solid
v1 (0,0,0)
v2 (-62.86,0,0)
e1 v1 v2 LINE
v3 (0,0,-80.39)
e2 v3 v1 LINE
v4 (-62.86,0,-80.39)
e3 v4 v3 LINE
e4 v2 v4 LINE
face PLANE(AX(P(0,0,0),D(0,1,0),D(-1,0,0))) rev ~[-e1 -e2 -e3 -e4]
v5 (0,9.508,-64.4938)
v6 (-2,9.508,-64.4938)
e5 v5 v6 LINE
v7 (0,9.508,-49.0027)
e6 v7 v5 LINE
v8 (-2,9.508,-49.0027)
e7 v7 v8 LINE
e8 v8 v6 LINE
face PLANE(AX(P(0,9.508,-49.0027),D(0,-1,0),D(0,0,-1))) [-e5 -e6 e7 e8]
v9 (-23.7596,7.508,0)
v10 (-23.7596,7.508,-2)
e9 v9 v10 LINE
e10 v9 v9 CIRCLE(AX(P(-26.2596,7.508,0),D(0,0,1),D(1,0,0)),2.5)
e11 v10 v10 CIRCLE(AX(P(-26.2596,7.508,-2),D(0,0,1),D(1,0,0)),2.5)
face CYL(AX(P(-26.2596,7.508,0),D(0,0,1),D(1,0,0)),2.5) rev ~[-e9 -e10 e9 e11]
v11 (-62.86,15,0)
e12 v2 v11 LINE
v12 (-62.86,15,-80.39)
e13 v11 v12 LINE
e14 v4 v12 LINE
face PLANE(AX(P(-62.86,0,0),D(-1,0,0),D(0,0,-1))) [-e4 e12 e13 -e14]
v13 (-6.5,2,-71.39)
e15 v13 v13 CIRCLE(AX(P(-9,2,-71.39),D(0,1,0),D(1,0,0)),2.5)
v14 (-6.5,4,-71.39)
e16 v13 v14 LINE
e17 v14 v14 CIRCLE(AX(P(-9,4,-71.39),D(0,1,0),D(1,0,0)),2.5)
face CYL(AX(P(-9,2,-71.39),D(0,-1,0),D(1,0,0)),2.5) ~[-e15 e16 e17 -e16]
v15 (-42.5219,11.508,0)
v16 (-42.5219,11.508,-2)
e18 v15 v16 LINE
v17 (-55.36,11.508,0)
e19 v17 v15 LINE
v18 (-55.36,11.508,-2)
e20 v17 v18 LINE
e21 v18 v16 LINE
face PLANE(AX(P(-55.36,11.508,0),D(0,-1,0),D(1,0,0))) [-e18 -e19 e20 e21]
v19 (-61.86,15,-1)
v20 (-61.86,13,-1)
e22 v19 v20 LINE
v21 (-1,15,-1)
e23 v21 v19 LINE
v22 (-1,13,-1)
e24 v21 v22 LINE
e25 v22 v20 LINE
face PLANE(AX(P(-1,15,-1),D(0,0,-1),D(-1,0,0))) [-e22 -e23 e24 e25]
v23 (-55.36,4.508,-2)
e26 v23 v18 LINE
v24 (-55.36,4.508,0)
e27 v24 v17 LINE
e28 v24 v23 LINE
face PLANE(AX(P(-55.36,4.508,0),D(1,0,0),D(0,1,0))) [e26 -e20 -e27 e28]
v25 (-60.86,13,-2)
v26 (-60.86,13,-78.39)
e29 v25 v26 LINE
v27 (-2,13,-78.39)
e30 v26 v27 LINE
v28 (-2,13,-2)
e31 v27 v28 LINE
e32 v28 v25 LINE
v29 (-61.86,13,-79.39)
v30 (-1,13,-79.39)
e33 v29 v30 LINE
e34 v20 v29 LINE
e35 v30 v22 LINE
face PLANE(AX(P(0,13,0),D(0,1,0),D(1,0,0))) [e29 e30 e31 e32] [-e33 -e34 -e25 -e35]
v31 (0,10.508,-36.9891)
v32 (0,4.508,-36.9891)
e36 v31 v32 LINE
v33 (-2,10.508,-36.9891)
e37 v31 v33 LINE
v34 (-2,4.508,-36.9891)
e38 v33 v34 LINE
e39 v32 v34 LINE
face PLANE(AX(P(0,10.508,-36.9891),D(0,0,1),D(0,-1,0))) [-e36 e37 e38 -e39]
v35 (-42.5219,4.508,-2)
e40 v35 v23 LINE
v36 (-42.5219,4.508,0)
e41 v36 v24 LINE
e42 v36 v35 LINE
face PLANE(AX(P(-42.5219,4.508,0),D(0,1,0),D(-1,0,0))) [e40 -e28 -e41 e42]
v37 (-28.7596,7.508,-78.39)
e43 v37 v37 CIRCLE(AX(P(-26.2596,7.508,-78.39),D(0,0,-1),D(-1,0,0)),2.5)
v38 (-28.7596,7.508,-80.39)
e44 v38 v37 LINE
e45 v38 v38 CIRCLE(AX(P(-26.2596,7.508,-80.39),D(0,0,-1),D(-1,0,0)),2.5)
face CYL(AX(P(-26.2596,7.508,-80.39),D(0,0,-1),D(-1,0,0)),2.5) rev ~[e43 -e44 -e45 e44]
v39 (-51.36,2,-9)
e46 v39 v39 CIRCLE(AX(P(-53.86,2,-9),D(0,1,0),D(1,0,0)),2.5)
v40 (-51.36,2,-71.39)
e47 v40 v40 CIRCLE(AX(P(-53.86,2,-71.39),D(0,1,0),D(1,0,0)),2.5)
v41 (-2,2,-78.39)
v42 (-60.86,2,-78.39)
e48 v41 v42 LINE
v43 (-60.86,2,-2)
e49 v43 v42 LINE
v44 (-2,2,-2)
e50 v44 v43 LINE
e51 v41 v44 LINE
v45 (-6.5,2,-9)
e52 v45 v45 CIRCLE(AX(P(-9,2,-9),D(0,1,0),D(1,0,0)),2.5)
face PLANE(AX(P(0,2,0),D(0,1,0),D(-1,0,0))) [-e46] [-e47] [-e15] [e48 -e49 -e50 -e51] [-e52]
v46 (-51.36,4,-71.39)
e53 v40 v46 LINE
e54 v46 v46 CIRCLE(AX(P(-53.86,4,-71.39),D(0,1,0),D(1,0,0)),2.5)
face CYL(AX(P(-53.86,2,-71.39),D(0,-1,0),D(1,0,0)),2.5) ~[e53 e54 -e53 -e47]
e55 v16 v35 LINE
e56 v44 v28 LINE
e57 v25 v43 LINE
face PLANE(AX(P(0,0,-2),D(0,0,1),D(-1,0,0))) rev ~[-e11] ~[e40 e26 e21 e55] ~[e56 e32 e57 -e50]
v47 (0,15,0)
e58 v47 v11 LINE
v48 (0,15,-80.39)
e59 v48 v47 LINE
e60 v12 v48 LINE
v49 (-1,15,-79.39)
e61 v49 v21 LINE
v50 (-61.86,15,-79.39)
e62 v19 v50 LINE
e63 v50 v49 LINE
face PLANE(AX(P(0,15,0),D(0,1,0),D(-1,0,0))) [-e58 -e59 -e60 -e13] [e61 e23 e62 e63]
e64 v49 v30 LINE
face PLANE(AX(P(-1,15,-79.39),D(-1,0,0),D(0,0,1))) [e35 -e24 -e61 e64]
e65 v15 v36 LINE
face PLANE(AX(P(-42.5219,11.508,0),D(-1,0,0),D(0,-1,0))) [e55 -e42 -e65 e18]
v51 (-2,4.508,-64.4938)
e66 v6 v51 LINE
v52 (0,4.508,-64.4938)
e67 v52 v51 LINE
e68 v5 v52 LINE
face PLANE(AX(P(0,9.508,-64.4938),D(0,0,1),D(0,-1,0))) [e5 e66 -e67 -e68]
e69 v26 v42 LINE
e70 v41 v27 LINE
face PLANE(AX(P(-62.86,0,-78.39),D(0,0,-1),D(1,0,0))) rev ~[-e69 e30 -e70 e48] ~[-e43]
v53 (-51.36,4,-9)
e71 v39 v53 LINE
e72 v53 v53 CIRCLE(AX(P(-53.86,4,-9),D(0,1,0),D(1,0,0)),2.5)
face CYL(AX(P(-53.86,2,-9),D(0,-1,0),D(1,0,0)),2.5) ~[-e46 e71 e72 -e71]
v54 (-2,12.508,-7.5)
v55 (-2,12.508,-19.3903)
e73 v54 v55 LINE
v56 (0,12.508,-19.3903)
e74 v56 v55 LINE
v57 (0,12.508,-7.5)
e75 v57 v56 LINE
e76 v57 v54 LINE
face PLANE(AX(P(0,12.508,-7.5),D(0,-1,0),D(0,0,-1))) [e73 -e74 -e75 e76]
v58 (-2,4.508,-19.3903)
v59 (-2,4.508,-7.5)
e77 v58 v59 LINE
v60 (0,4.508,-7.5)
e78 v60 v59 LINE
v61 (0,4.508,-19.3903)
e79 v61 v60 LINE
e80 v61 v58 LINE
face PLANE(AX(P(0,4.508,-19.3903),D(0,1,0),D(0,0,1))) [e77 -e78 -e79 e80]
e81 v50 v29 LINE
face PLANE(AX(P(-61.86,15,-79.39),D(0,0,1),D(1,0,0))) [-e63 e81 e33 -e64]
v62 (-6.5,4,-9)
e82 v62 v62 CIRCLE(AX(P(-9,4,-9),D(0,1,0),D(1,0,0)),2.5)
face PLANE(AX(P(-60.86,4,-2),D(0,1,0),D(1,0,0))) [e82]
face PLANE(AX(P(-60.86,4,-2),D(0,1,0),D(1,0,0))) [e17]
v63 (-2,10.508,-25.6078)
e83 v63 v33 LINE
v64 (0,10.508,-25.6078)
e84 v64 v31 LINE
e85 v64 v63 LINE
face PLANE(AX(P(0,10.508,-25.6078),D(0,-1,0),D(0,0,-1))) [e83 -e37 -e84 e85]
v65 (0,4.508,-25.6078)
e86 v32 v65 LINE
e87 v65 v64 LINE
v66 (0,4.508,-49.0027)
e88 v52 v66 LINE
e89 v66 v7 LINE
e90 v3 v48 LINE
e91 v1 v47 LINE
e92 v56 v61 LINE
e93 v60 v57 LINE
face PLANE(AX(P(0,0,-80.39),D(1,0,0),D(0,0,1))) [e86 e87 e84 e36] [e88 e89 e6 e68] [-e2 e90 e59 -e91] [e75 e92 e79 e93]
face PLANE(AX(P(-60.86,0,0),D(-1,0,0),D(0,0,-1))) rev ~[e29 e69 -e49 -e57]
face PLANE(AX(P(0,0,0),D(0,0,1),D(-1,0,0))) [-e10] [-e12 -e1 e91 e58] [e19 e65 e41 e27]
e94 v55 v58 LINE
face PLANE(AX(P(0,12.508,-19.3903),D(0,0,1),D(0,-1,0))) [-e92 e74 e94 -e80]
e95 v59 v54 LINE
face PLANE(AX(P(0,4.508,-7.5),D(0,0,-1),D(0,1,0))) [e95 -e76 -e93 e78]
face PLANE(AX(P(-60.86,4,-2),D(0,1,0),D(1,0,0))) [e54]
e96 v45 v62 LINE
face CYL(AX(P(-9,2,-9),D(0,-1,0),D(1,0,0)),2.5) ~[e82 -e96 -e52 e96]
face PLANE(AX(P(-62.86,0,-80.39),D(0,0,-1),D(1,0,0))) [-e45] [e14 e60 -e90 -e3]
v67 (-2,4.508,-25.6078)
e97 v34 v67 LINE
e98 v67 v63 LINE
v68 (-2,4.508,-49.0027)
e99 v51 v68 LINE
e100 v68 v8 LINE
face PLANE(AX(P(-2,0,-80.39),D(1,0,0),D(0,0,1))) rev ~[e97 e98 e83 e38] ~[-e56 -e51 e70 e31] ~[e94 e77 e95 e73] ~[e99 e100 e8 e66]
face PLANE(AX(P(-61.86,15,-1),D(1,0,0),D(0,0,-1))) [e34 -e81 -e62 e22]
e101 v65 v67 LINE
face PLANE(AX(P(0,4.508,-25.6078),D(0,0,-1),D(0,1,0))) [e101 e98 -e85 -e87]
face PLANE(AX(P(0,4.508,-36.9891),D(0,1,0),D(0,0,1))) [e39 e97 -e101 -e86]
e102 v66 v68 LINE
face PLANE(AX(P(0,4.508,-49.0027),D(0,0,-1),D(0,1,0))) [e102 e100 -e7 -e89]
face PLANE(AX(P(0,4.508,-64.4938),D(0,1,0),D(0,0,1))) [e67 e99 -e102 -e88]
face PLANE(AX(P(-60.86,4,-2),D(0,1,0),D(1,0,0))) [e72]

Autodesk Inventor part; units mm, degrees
ref_plane "YZ Plane" through (0, 0, 0) normal (1, 0, 0) x (0, 1, 0)
ref_plane "XZ Plane" through (0, 0, 0) normal (0, 1, 0) x (-1, 0, 0)
ref_plane "XY Plane" through (0, 0, 0) normal (0, 0, 1) x (1, 0, 0)
sketch "Sketch1" plane through (0, 0, 0) normal (0, 1, 0) x (-1, 0, 0)
  line L0 (0, 0) -> (62.86, 0)
  line L1 (62.86, 0) -> (62.86, -80.39)
  line L2 (62.86, -80.39) -> (0, -80.39)
  line L3 (0, -80.39) -> (0, 0)
  line L4 (2, -2) -> (60.86, -2)
  line L5 (60.86, -2) -> (60.86, -78.39)
  line L6 (60.86, -78.39) -> (2, -78.39)
  line L7 (2, -78.39) -> (2, -2)
  dimension "d0" = 62.86
  dimension "d1" = 80.39
  dimension "d2" = 58.86
  dimension "d3" = 76.39
  dimension "d4" = 2
  dimension "d5" = 2
extrude "Extrusion1" add sketch "Sketch1" along normal blind 15 contours L0 L1 L2 L3 | L4 L5 L6 L7
shell "Shell1" thickness 2 removed faces 1 at (-20.9533, 15, -26.7967)
sketch "Sketch2" plane through (-60.86, 2, -2) normal (0, 1, 0) x (1, 0, 0)
  point P0 (60.86, -2)
sketch "Sketch3" plane through (0, 15, 0) normal (0, 1, 0) x (1, 0, 0)
  line L0 (-60.86, 2) -> (-60.86, 78.39) projected
  line L1 (-60.86, 78.39) -> (-2, 78.39) projected
  line L2 (-2, 78.39) -> (-2, 2) projected
  line L3 (-2, 2) -> (-60.86, 2) projected
  line L4 (-62.86, 0) -> (0, 0) projected
  line L5 (0, 0) -> (0, 80.39) projected
  line L6 (0, 80.39) -> (-62.86, 80.39) projected
  line L7 (-62.86, 80.39) -> (-62.86, 0) projected
  line L8 (-61.86, 79.39) -> (-1, 79.39)
  line L9 (-1, 79.39) -> (-1, 1)
  line L10 (-1, 1) -> (-61.86, 1)
  line L11 (-61.86, 1) -> (-61.86, 79.39)
  dimension "d9" = 1
  dimension "d10" = 1
  dimension "d11" = 1
  dimension "d12" = 1
extrude "Extrusion2" cut sketch "Sketch3" against normal blind 2 contours L8 L9 L10 L11
sketch "Sketch4" plane through (-60.86, 2, -2) normal (0, 1, 0) x (1, 0, 0)
  circle A0 centre (7, 69.39) radius 2.5
  circle A1 centre (51.86, 69.39) radius 2.5
  circle A2 centre (7, 7) radius 2.5
  circle A3 centre (51.86, 7) radius 2.5
  line L0 (60.86, 78.39) -> (-2, 78.39) projected
  line L1 (-2, 78.39) -> (-2, -2) projected
  line L2 (60.86, -2) -> (60.86, 78.39) projected
  line L3 (-2, -2) -> (60.86, -2) projected
  dimension "d15" = 9
  dimension "d16" = 9
  dimension "d17" = 9
  dimension "d18" = 9
  dimension "d19" = 9
  dimension "d20" = 9
  dimension "d21" = 9
  dimension "d22" = 9
  dimension "d23" = 5
  dimension "d24" = 5
  dimension "d25" = 5
  dimension "d26" = 5
extrude "Extrusion3" add sketch "Sketch4" along normal blind 2 contours A0 | A1 | A2 | A3
sketch "Sketch5" plane through (0, 0, 0) normal (1, 0, 0) x (0, 0, -1)
  line L0 (11.5, 4) -> (6.5, 4) projected
  line L1 (73.89, 4) -> (68.89, 4) projected
  line L2 (68.89, 2) -> (68.89, 4) projected
  line L3 (73.89, 2) -> (73.89, 4) projected
  line L4 (78.39, 2) -> (2, 2) projected
  line L5 (78.39, 2) -> (78.39, 13) projected
  line L6 (80.39, 0) -> (0, 0) projected
  line L7 (80.39, 0) -> (80.39, 15) projected
  line L8 (0, 15) -> (80.39, 15) projected
  line L9 (0, 0) -> (0, 15) projected
  line L10 (11.5, 2) -> (11.5, 4) projected
  line L11 (2, 2) -> (2, 13) projected
  line L12 (6.5, 2) -> (6.5, 4) projected
  line L13 (79.39, 13) -> (1, 13) projected
  line L14 (7.5, 12.508) -> (19.3903, 12.508)
  line L15 (19.3903, 12.508) -> (19.3903, 4.508)
  line L16 (19.3903, 4.508) -> (7.5, 4.508)
  line L17 (7.5, 4.508) -> (7.5, 12.508)
  line L18 (25.6078, 10.508) -> (36.9891, 10.508)
  line L19 (36.9891, 10.508) -> (36.9891, 4.508)
  line L20 (36.9891, 4.508) -> (25.6078, 4.508)
  line L21 (25.6078, 4.508) -> (25.6078, 10.508)
  line L22 (49.0027, 9.508) -> (64.4938, 9.508)
  line L23 (64.4938, 9.508) -> (64.4938, 4.508)
  line L24 (64.4938, 4.508) -> (49.0027, 4.508)
  line L25 (49.0027, 4.508) -> (49.0027, 9.508)
  dimension "d29" = 0.508
  dimension "d30" = 8
  dimension "d31" = 6
  dimension "d32" = 5
extrude "Extrusion4" cut sketch "Sketch5" against normal blind 2 contours L14 L15 L16 L17 | L18 L19 L20 L21 | L22 L23 L24 L25
sketch "Sketch6" plane through (-62.86, 0, 0) normal (0, 0, 1) x (1, 0, 0)
  line L0 (60.86, 2) -> (2, 2) projected
  line L1 (11.5, 4) -> (6.5, 4) projected
  line L2 (11.5, 2) -> (11.5, 4) projected
  line L3 (6.5, 2) -> (6.5, 4) projected
  line L4 (60.86, 2) -> (60.86, 13) projected
  line L5 (56.36, 4) -> (51.36, 4) projected
  line L6 (51.36, 2) -> (51.36, 4) projected
  line L7 (56.36, 2) -> (56.36, 4) projected
  line L8 (2, 2) -> (2, 13) projected
  line L9 (61.86, 13) -> (1, 13) projected
  line L10 (7.5, 11.508) -> (20.3381, 11.508)
  line L11 (20.3381, 11.508) -> (20.3381, 4.508)
  line L12 (20.3381, 4.508) -> (7.5, 4.508)
  line L13 (7.5, 4.508) -> (7.5, 11.508)
  circle A0 centre (36.6004, 7.508) radius 2.5
  point P0 (62.86, 0)
  dimension "d35" = 0.508
  dimension "d36" = 7
  dimension "d37" = 5
  dimension "d38" = 5.508
extrude "Extrusion5" cut sketch "Sketch6" against normal blind 2 contours L10 L11 L12 L13 | A0
sketch "Sketch7" plane through (0, 0, -80.39) normal (0, 0, -1) x (-1, 0, 0)
  circle A0 centre (26.2596, 7.508) radius 2.5 projected
  point P0 (0, 0)
extrude "Extrusion6" cut sketch "Sketch7" against normal blind 2
properties part number "pcbProtectiveCase"
